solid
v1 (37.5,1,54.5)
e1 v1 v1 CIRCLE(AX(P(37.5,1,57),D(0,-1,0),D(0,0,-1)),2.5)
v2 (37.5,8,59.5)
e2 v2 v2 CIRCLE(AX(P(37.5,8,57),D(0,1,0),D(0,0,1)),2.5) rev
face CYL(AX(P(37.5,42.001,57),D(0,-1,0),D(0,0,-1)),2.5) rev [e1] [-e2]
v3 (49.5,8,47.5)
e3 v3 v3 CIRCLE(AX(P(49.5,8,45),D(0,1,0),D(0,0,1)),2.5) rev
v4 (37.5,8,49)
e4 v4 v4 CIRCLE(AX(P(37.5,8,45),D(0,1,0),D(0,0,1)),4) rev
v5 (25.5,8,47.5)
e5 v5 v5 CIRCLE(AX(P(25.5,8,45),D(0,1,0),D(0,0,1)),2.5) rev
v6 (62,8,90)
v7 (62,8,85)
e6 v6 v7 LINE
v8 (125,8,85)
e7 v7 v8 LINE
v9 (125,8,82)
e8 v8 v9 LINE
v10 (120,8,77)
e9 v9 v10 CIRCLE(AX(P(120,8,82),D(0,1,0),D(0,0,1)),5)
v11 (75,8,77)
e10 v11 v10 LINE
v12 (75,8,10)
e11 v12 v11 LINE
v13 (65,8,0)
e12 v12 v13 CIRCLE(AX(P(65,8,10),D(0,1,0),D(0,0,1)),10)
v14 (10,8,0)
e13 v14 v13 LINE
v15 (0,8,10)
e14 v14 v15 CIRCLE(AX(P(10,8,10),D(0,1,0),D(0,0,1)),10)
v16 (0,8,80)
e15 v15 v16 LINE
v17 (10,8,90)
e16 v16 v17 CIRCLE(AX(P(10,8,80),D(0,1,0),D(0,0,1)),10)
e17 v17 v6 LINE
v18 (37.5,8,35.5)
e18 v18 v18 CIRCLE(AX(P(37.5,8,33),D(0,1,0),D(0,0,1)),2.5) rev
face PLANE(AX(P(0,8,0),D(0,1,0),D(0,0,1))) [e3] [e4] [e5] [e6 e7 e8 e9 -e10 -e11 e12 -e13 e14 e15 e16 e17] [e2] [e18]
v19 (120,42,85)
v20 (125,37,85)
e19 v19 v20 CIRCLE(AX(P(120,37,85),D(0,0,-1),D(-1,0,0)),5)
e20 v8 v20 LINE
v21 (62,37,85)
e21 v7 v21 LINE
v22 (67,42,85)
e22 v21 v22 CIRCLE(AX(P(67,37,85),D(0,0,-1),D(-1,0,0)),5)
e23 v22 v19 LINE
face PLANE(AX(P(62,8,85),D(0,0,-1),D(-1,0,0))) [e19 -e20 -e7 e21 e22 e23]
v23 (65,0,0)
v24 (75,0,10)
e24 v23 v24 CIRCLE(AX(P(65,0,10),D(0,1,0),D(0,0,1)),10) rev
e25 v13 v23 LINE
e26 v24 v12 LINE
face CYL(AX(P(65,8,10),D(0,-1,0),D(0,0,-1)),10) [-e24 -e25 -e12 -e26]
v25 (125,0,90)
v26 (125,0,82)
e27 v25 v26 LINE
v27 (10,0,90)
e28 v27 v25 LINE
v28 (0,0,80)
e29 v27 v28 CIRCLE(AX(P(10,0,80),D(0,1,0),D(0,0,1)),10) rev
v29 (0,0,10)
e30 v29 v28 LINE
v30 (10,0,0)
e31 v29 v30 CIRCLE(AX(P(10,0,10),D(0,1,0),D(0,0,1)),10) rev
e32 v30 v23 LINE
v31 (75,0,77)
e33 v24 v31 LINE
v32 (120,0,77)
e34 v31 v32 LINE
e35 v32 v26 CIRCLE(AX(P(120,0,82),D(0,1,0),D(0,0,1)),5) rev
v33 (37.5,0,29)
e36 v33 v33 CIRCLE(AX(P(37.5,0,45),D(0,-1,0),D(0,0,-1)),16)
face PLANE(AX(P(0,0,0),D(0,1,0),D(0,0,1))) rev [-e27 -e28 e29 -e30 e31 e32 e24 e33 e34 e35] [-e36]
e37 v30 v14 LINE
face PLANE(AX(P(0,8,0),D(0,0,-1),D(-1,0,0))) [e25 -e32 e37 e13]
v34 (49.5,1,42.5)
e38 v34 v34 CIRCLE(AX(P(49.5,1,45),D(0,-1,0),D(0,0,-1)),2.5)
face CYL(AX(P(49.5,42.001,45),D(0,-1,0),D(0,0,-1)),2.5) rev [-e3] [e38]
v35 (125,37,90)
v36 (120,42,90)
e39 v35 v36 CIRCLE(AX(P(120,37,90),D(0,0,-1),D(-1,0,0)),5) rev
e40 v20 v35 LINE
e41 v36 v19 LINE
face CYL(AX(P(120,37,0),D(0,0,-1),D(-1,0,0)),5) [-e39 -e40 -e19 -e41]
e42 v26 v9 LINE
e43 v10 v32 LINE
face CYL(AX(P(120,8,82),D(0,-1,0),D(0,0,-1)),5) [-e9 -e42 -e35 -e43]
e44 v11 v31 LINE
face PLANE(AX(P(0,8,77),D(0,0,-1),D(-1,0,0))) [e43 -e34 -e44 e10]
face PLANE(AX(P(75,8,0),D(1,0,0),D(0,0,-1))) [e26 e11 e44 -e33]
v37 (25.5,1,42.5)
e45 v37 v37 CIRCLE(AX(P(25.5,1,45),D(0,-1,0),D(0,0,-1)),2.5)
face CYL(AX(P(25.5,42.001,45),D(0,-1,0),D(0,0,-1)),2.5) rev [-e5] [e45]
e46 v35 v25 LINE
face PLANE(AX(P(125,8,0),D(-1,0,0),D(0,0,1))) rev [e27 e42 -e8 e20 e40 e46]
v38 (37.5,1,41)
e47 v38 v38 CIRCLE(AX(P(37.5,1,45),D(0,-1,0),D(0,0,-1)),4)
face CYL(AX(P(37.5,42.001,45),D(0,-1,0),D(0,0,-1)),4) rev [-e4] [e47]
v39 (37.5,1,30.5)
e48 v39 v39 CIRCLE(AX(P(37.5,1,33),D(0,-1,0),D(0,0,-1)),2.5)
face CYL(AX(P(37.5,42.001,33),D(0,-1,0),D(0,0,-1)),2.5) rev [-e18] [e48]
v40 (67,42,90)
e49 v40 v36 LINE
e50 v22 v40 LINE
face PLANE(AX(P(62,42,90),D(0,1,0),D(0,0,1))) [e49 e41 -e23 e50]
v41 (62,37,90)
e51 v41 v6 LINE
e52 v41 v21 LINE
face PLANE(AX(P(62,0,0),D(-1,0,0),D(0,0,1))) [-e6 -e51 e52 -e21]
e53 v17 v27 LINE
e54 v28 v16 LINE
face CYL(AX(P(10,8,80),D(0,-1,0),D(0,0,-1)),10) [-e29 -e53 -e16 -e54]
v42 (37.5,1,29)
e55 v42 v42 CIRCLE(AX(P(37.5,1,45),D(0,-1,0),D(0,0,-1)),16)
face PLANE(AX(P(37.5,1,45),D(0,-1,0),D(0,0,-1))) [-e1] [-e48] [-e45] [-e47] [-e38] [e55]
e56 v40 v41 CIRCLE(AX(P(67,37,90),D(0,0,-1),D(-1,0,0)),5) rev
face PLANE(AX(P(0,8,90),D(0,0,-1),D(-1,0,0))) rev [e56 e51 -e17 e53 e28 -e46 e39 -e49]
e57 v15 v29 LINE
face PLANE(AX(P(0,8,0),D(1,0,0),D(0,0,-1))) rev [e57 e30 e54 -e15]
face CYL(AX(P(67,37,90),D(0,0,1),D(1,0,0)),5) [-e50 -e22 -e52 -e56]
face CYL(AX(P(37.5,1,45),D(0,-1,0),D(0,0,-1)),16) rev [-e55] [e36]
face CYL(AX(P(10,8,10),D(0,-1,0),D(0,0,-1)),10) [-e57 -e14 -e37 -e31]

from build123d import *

# Parameters (mm, degrees)
SKETCH1_W           = 75
SKETCH1_H           = 90
SKETCH1_W_2         = 50
SKETCH1_H_2         = 13
BOSS_EXTRUDE1_DEPTH = 8
FILLET2_R           = 10
FILLET3_R           = 10
FILLET4_R           = 10
SKETCH7_W           = 5
SKETCH7_H           = 34
BOSS_EXTRUDE3_DEPTH = 63
FILLET5_R           = 5
FILLET6_R           = 5
FILLET7_R           = 5
SKETCH2_R           = 16
CUT_EXTRUDE1_DEPTH  = 1
CUT_EXTRUDE2_REACH  = 43
SKETCH8_R           = 2.5
SKETCH8_R_2         = 4


with BuildPart() as part:
    # Sketch1 → Boss-Extrude1 (new body)
    with BuildSketch(Plane(origin=(0, 0, 0), x_dir=(1, 0, 0), z_dir=(0, 1, 0))):
        with Locations((37.5, -45)):
            Rectangle(SKETCH1_W, SKETCH1_H)
        with Locations((100, -83.5)):
            Rectangle(SKETCH1_W_2, SKETCH1_H_2)
    extrude(amount=BOSS_EXTRUDE1_DEPTH)

    # Fillet2
    fillet2_edges = [part.edges().sort_by_distance(p)[0] for p in [
        (0, 4, 0),
    ]]
    fillet(fillet2_edges, radius=FILLET2_R)

    # Fillet3
    fillet3_edges = [part.edges().sort_by_distance(p)[0] for p in [
        (0, 4, 90),
    ]]
    fillet(fillet3_edges, radius=FILLET3_R)

    # Fillet4
    fillet4_edges = [part.edges().sort_by_distance(p)[0] for p in [
        (75, 4, 0),
    ]]
    fillet(fillet4_edges, radius=FILLET4_R)

    # Sketch7 → Boss-Extrude3 (add)
    with BuildSketch(Plane(origin=(125, 0, 0), x_dir=(0, 0, -1), z_dir=(1, 0, 0))):
        with Locations((-87.5, 25)):
            Rectangle(SKETCH7_W, SKETCH7_H)
    extrude(amount=-BOSS_EXTRUDE3_DEPTH)

    # Fillet5
    fillet5_edges = [part.edges().sort_by_distance(p)[0] for p in [
        (125, 42, 87.5),
    ]]
    fillet(fillet5_edges, radius=FILLET5_R)

    # Fillet6
    fillet6_edges = [part.edges().sort_by_distance(p)[0] for p in [
        (125, 4, 77),
    ]]
    fillet(fillet6_edges, radius=FILLET6_R)

    # Fillet7
    fillet7_edges = [part.edges().sort_by_distance(p)[0] for p in [
        (62, 42, 87.5),
    ]]
    fillet(fillet7_edges, radius=FILLET7_R)

    # Sketch2 → Cut-Extrude1 (cut)
    with BuildSketch(Plane.XZ):
        with Locations((37.5, 45)):
            Circle(SKETCH2_R)
    extrude(amount=-CUT_EXTRUDE1_DEPTH, mode=Mode.SUBTRACT)

    # Sketch8 → Cut-Extrude2 (cut, up to next)
    with BuildSketch(Plane.XZ.offset(-1), mode=Mode.PRIVATE) as cut_extrude2_sk1:
        with Locations((37.5, 57)):
            Circle(SKETCH8_R)
    cut_extrude2_tool1 = extrude(cut_extrude2_sk1.sketch, amount=-CUT_EXTRUDE2_REACH, mode=Mode.PRIVATE) & part.part
    add(cut_extrude2_tool1.solids().sort_by_distance((37.5, 1, 57))[0], mode=Mode.SUBTRACT)
    # Sketch8 → Cut-Extrude2 (cut, up to next)
    with BuildSketch(Plane.XZ.offset(-1), mode=Mode.PRIVATE) as cut_extrude2_sk2:
        with Locations((37.5, 45)):
            Circle(SKETCH8_R_2)
    cut_extrude2_tool2 = extrude(cut_extrude2_sk2.sketch, amount=-CUT_EXTRUDE2_REACH, mode=Mode.PRIVATE) & part.part
    add(cut_extrude2_tool2.solids().sort_by_distance((37.5, 1, 45))[0], mode=Mode.SUBTRACT)
    # Sketch8 → Cut-Extrude2 (cut, up to next)
    with BuildSketch(Plane.XZ.offset(-1), mode=Mode.PRIVATE) as cut_extrude2_sk3:
        with Locations((49.5, 45)):
            Circle(SKETCH8_R)
    cut_extrude2_tool3 = extrude(cut_extrude2_sk3.sketch, amount=-CUT_EXTRUDE2_REACH, mode=Mode.PRIVATE) & part.part
    add(cut_extrude2_tool3.solids().sort_by_distance((49.5, 1, 45))[0], mode=Mode.SUBTRACT)
    # Sketch8 → Cut-Extrude2 (cut, up to next)
    with BuildSketch(Plane.XZ.offset(-1), mode=Mode.PRIVATE) as cut_extrude2_sk4:
        with Locations((37.5, 33)):
            Circle(SKETCH8_R)
    cut_extrude2_tool4 = extrude(cut_extrude2_sk4.sketch, amount=-CUT_EXTRUDE2_REACH, mode=Mode.PRIVATE) & part.part
    add(cut_extrude2_tool4.solids().sort_by_distance((37.5, 1, 33))[0], mode=Mode.SUBTRACT)
    # Sketch8 → Cut-Extrude2 (cut, up to next)
    with BuildSketch(Plane.XZ.offset(-1), mode=Mode.PRIVATE) as cut_extrude2_sk5:
        with Locations((25.5, 45)):
            Circle(SKETCH8_R)
    cut_extrude2_tool5 = extrude(cut_extrude2_sk5.sketch, amount=-CUT_EXTRUDE2_REACH, mode=Mode.PRIVATE) & part.part
    add(cut_extrude2_tool5.solids().sort_by_distance((25.5, 1, 45))[0], mode=Mode.SUBTRACT)


solid = part.part
